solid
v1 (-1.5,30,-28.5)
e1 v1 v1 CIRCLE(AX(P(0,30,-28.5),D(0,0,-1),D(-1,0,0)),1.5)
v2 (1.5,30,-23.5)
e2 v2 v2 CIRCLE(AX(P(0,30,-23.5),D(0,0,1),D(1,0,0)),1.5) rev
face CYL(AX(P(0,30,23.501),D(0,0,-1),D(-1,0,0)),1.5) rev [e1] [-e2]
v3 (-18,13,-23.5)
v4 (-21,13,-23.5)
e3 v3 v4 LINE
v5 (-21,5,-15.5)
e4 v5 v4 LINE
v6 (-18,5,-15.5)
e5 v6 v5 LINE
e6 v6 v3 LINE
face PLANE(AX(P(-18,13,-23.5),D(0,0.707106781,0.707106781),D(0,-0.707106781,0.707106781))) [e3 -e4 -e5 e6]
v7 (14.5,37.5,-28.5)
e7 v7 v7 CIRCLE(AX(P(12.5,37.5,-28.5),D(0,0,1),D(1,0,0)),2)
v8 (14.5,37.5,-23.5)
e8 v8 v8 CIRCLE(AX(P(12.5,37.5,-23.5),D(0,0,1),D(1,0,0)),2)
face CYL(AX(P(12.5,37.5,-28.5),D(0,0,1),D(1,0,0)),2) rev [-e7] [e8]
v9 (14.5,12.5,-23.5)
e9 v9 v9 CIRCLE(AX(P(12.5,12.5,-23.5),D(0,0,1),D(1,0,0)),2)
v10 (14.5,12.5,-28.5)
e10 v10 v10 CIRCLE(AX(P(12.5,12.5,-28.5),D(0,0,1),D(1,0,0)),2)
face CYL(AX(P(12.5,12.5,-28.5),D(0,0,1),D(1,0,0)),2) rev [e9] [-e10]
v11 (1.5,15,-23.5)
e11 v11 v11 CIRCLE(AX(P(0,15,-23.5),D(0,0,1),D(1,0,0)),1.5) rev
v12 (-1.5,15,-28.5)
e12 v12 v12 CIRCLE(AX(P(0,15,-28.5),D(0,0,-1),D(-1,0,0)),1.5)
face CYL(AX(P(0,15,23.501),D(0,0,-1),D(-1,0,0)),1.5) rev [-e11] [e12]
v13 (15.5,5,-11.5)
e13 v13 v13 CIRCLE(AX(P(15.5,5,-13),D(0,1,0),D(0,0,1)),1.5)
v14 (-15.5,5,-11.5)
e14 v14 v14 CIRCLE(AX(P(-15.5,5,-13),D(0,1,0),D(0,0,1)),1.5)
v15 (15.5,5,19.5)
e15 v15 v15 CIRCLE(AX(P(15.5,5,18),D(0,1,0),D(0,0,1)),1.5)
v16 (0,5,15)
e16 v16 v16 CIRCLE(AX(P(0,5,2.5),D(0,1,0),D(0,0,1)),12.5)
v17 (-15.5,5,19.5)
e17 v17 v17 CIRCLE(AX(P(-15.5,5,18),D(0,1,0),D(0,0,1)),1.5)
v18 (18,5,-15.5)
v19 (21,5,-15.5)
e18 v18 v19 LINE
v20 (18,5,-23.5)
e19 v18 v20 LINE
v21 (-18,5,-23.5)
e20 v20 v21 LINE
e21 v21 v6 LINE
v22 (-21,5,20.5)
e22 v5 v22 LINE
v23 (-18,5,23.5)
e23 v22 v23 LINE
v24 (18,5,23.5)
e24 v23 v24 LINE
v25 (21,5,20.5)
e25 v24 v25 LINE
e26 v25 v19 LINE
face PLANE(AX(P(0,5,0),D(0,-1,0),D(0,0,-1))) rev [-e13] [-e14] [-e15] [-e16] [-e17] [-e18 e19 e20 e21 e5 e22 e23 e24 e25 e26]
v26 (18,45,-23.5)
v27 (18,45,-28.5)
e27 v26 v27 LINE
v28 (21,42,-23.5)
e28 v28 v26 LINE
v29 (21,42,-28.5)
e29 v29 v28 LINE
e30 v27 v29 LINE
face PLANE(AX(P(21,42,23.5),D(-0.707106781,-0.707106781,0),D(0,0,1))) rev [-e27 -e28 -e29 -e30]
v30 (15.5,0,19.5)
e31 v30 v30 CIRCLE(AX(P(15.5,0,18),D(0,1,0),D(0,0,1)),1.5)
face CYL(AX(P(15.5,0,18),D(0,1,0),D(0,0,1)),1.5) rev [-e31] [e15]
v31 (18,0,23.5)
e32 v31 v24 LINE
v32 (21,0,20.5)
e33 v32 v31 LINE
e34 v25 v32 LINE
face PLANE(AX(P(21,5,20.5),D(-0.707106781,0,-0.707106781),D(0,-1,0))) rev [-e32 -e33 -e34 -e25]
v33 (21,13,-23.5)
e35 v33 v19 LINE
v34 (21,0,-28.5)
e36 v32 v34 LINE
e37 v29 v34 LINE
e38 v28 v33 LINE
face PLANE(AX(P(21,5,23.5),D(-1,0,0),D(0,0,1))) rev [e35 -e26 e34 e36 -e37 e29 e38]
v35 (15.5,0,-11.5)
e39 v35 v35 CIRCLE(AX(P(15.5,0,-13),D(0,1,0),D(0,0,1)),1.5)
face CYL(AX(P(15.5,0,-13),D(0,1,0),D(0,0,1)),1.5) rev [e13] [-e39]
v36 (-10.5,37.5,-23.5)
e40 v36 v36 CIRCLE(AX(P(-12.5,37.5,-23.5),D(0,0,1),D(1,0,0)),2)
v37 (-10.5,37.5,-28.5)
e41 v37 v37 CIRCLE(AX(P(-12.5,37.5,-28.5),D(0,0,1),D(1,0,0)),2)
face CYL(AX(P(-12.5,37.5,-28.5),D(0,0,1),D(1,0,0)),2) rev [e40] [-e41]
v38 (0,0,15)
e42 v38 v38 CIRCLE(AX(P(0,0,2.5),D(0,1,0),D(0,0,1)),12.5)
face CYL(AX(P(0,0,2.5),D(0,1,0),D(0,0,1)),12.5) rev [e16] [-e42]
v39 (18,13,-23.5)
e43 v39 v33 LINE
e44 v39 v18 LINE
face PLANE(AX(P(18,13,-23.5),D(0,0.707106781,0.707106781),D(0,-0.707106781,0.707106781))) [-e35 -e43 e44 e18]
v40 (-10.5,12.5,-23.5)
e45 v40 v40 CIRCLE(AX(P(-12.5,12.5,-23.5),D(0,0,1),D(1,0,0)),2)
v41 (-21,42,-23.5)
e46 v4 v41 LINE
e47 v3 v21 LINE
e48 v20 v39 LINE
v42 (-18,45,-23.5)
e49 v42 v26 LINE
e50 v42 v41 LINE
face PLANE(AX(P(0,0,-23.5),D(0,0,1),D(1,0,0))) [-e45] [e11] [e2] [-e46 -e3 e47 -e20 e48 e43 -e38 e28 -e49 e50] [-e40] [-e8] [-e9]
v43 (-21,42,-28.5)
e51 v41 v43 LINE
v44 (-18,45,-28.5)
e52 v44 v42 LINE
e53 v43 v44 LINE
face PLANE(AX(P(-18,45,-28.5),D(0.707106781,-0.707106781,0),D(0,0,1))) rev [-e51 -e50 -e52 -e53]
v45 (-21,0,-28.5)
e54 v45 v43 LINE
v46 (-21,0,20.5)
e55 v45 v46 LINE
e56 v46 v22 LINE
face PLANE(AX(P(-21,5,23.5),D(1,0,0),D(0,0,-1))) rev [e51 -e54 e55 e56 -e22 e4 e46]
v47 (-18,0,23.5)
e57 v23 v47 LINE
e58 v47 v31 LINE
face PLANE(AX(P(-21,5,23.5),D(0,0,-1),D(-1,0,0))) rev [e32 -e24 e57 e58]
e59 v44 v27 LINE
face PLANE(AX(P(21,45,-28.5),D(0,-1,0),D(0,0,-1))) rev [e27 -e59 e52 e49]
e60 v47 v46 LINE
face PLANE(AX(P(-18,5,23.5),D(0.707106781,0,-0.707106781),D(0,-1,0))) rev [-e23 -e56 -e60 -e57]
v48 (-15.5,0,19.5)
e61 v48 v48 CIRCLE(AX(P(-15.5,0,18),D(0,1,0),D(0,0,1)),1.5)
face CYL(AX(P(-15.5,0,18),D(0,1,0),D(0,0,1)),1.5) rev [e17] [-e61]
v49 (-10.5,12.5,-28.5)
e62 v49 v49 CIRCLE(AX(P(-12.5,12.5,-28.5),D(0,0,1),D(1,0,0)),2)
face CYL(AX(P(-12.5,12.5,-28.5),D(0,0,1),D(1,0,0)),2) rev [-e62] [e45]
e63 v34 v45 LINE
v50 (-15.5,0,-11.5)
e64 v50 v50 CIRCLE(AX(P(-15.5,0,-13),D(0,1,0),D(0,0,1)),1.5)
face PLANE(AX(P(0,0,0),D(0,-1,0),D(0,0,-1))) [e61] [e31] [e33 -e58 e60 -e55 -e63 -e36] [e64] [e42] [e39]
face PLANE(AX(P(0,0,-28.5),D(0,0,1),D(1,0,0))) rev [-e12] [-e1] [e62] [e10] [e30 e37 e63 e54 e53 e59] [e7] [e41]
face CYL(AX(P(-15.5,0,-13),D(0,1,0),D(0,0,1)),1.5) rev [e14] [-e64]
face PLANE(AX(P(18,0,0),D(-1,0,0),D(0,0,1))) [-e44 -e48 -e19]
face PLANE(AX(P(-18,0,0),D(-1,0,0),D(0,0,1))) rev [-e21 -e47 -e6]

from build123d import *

# Parameters (mm, degrees)
SKETCH1_W           = 42
SKETCH1_H           = 47
BOSS_EXTRUDE1_DEPTH = 5
SKETCH2_R           = 1.5
SKETCH2_R_2         = 12.5
CUT_EXTRUDE1_DEPTH  = 32.910029771
SKETCH4_W           = 42
SKETCH4_H           = 45
BOSS_EXTRUDE2_DEPTH = 5
BOSS_EXTRUDE3_DEPTH = 3
BOSS_EXTRUDE4_DEPTH = 3
SKETCH9_R           = 2
CUT_EXTRUDE4_DEPTH  = 69.373971656
CHAMFER3_SIZE       = 3
CUT_EXTRUDE5_REACH  = 73.903
SKETCH10_R          = 1.5


with BuildPart() as part:
    # Sketch1 → Boss-Extrude1 (new body)
    with BuildSketch(Plane(origin=(0, 0, 0), x_dir=(1, 0, 0), z_dir=(0, 1, 0))):
        Rectangle(SKETCH1_W, SKETCH1_H)
    extrude(amount=BOSS_EXTRUDE1_DEPTH)

    # Sketch2 → Cut-Extrude1 (cut, through all)
    with BuildSketch(Plane(origin=(0, 5, 0), x_dir=(1, 0, 0), z_dir=(0, 1, 0))):
        with Locations(Location((-15.5, 13, 0), (0, 0, 270))):
            Circle(SKETCH2_R)
        with Locations(Location((15.5, 13, 0), (0, 0, 270))):
            Circle(SKETCH2_R)
        with Locations(Location((15.5, -18, 0), (0, 0, 270))):
            Circle(SKETCH2_R)
        with Locations(Location((-15.5, -18, 0), (0, 0, 270))):
            Circle(SKETCH2_R)
        with Locations(Location((0, -2.5, 0), (0, 0, 270))):
            Circle(SKETCH2_R_2)
    extrude(amount=-CUT_EXTRUDE1_DEPTH, mode=Mode.SUBTRACT)

    # Sketch4 → Boss-Extrude2 (add)
    with BuildSketch(Plane(origin=(0, 0, -23.5), x_dir=(-1, 0, 0), z_dir=(0, 0, -1))):
        with Locations((0, 22.5)):
            Rectangle(SKETCH4_W, SKETCH4_H)
    extrude(amount=BOSS_EXTRUDE2_DEPTH)

    # Sketch5 → Boss-Extrude3 (add)
    with BuildSketch(Plane(origin=(21, 0, 0), x_dir=(0, 0, -1), z_dir=(1, 0, 0))):
        Polygon((23.5, 13), (15.5, 5), (23.5, 5), align=None)
    extrude(amount=-BOSS_EXTRUDE3_DEPTH)

    # Sketch6 → Boss-Extrude4 (add)
    with BuildSketch(Plane.ZY.offset(21)):
        Polygon((-23.5, 13), (-15.5, 5), (-23.5, 5), align=None)
    extrude(amount=-BOSS_EXTRUDE4_DEPTH)

    # Sketch9 → Cut-Extrude4 (cut, through all)
    with BuildSketch(Plane.XY.offset(-23.5)):
        with Locations((-12.5, 37.5)):
            Circle(SKETCH9_R)
        with Locations((12.5, 37.5)):
            Circle(SKETCH9_R)
        with Locations((12.5, 12.5)):
            Circle(SKETCH9_R)
        with Locations((-12.5, 12.5)):
            Circle(SKETCH9_R)
    extrude(amount=-CUT_EXTRUDE4_DEPTH, mode=Mode.SUBTRACT)

    # Chamfer3
    chamfer3_edges = [part.edges().sort_by_distance(p)[0] for p in [
        (-21, 2.5, 23.5),
        (21, 2.5, 23.5),
        (21, 45, -26),
        (-21, 45, -26),
    ]]
    chamfer(chamfer3_edges, length=CHAMFER3_SIZE)

    # Sketch10 → Cut-Extrude5 (cut, up to next)
    with BuildSketch(Plane(origin=(0, 0, -28.5), x_dir=(-1, 0, 0), z_dir=(0, 0, -1)), mode=Mode.PRIVATE) as cut_extrude5_sk1:
        with Locations((0, 30)):
            Circle(SKETCH10_R)
    cut_extrude5_tool1 = extrude(cut_extrude5_sk1.sketch, amount=-CUT_EXTRUDE5_REACH, mode=Mode.PRIVATE) & part.part
    # Sketch10 → Cut-Extrude5 (cut, up to next)
    with BuildSketch(Plane(origin=(0, 0, -28.5), x_dir=(-1, 0, 0), z_dir=(0, 0, -1)), mode=Mode.PRIVATE) as cut_extrude5_sk2:
        with Locations((0, 15)):
            Circle(SKETCH10_R)
    cut_extrude5_tool2 = extrude(cut_extrude5_sk2.sketch, amount=-CUT_EXTRUDE5_REACH, mode=Mode.PRIVATE) & part.part
    add(cut_extrude5_tool1.solids().sort_by_distance((0, 30, -28.5))[0], mode=Mode.SUBTRACT)
    add(cut_extrude5_tool2.solids().sort_by_distance((0, 15, -28.5))[0], mode=Mode.SUBTRACT)


solid = part.part
